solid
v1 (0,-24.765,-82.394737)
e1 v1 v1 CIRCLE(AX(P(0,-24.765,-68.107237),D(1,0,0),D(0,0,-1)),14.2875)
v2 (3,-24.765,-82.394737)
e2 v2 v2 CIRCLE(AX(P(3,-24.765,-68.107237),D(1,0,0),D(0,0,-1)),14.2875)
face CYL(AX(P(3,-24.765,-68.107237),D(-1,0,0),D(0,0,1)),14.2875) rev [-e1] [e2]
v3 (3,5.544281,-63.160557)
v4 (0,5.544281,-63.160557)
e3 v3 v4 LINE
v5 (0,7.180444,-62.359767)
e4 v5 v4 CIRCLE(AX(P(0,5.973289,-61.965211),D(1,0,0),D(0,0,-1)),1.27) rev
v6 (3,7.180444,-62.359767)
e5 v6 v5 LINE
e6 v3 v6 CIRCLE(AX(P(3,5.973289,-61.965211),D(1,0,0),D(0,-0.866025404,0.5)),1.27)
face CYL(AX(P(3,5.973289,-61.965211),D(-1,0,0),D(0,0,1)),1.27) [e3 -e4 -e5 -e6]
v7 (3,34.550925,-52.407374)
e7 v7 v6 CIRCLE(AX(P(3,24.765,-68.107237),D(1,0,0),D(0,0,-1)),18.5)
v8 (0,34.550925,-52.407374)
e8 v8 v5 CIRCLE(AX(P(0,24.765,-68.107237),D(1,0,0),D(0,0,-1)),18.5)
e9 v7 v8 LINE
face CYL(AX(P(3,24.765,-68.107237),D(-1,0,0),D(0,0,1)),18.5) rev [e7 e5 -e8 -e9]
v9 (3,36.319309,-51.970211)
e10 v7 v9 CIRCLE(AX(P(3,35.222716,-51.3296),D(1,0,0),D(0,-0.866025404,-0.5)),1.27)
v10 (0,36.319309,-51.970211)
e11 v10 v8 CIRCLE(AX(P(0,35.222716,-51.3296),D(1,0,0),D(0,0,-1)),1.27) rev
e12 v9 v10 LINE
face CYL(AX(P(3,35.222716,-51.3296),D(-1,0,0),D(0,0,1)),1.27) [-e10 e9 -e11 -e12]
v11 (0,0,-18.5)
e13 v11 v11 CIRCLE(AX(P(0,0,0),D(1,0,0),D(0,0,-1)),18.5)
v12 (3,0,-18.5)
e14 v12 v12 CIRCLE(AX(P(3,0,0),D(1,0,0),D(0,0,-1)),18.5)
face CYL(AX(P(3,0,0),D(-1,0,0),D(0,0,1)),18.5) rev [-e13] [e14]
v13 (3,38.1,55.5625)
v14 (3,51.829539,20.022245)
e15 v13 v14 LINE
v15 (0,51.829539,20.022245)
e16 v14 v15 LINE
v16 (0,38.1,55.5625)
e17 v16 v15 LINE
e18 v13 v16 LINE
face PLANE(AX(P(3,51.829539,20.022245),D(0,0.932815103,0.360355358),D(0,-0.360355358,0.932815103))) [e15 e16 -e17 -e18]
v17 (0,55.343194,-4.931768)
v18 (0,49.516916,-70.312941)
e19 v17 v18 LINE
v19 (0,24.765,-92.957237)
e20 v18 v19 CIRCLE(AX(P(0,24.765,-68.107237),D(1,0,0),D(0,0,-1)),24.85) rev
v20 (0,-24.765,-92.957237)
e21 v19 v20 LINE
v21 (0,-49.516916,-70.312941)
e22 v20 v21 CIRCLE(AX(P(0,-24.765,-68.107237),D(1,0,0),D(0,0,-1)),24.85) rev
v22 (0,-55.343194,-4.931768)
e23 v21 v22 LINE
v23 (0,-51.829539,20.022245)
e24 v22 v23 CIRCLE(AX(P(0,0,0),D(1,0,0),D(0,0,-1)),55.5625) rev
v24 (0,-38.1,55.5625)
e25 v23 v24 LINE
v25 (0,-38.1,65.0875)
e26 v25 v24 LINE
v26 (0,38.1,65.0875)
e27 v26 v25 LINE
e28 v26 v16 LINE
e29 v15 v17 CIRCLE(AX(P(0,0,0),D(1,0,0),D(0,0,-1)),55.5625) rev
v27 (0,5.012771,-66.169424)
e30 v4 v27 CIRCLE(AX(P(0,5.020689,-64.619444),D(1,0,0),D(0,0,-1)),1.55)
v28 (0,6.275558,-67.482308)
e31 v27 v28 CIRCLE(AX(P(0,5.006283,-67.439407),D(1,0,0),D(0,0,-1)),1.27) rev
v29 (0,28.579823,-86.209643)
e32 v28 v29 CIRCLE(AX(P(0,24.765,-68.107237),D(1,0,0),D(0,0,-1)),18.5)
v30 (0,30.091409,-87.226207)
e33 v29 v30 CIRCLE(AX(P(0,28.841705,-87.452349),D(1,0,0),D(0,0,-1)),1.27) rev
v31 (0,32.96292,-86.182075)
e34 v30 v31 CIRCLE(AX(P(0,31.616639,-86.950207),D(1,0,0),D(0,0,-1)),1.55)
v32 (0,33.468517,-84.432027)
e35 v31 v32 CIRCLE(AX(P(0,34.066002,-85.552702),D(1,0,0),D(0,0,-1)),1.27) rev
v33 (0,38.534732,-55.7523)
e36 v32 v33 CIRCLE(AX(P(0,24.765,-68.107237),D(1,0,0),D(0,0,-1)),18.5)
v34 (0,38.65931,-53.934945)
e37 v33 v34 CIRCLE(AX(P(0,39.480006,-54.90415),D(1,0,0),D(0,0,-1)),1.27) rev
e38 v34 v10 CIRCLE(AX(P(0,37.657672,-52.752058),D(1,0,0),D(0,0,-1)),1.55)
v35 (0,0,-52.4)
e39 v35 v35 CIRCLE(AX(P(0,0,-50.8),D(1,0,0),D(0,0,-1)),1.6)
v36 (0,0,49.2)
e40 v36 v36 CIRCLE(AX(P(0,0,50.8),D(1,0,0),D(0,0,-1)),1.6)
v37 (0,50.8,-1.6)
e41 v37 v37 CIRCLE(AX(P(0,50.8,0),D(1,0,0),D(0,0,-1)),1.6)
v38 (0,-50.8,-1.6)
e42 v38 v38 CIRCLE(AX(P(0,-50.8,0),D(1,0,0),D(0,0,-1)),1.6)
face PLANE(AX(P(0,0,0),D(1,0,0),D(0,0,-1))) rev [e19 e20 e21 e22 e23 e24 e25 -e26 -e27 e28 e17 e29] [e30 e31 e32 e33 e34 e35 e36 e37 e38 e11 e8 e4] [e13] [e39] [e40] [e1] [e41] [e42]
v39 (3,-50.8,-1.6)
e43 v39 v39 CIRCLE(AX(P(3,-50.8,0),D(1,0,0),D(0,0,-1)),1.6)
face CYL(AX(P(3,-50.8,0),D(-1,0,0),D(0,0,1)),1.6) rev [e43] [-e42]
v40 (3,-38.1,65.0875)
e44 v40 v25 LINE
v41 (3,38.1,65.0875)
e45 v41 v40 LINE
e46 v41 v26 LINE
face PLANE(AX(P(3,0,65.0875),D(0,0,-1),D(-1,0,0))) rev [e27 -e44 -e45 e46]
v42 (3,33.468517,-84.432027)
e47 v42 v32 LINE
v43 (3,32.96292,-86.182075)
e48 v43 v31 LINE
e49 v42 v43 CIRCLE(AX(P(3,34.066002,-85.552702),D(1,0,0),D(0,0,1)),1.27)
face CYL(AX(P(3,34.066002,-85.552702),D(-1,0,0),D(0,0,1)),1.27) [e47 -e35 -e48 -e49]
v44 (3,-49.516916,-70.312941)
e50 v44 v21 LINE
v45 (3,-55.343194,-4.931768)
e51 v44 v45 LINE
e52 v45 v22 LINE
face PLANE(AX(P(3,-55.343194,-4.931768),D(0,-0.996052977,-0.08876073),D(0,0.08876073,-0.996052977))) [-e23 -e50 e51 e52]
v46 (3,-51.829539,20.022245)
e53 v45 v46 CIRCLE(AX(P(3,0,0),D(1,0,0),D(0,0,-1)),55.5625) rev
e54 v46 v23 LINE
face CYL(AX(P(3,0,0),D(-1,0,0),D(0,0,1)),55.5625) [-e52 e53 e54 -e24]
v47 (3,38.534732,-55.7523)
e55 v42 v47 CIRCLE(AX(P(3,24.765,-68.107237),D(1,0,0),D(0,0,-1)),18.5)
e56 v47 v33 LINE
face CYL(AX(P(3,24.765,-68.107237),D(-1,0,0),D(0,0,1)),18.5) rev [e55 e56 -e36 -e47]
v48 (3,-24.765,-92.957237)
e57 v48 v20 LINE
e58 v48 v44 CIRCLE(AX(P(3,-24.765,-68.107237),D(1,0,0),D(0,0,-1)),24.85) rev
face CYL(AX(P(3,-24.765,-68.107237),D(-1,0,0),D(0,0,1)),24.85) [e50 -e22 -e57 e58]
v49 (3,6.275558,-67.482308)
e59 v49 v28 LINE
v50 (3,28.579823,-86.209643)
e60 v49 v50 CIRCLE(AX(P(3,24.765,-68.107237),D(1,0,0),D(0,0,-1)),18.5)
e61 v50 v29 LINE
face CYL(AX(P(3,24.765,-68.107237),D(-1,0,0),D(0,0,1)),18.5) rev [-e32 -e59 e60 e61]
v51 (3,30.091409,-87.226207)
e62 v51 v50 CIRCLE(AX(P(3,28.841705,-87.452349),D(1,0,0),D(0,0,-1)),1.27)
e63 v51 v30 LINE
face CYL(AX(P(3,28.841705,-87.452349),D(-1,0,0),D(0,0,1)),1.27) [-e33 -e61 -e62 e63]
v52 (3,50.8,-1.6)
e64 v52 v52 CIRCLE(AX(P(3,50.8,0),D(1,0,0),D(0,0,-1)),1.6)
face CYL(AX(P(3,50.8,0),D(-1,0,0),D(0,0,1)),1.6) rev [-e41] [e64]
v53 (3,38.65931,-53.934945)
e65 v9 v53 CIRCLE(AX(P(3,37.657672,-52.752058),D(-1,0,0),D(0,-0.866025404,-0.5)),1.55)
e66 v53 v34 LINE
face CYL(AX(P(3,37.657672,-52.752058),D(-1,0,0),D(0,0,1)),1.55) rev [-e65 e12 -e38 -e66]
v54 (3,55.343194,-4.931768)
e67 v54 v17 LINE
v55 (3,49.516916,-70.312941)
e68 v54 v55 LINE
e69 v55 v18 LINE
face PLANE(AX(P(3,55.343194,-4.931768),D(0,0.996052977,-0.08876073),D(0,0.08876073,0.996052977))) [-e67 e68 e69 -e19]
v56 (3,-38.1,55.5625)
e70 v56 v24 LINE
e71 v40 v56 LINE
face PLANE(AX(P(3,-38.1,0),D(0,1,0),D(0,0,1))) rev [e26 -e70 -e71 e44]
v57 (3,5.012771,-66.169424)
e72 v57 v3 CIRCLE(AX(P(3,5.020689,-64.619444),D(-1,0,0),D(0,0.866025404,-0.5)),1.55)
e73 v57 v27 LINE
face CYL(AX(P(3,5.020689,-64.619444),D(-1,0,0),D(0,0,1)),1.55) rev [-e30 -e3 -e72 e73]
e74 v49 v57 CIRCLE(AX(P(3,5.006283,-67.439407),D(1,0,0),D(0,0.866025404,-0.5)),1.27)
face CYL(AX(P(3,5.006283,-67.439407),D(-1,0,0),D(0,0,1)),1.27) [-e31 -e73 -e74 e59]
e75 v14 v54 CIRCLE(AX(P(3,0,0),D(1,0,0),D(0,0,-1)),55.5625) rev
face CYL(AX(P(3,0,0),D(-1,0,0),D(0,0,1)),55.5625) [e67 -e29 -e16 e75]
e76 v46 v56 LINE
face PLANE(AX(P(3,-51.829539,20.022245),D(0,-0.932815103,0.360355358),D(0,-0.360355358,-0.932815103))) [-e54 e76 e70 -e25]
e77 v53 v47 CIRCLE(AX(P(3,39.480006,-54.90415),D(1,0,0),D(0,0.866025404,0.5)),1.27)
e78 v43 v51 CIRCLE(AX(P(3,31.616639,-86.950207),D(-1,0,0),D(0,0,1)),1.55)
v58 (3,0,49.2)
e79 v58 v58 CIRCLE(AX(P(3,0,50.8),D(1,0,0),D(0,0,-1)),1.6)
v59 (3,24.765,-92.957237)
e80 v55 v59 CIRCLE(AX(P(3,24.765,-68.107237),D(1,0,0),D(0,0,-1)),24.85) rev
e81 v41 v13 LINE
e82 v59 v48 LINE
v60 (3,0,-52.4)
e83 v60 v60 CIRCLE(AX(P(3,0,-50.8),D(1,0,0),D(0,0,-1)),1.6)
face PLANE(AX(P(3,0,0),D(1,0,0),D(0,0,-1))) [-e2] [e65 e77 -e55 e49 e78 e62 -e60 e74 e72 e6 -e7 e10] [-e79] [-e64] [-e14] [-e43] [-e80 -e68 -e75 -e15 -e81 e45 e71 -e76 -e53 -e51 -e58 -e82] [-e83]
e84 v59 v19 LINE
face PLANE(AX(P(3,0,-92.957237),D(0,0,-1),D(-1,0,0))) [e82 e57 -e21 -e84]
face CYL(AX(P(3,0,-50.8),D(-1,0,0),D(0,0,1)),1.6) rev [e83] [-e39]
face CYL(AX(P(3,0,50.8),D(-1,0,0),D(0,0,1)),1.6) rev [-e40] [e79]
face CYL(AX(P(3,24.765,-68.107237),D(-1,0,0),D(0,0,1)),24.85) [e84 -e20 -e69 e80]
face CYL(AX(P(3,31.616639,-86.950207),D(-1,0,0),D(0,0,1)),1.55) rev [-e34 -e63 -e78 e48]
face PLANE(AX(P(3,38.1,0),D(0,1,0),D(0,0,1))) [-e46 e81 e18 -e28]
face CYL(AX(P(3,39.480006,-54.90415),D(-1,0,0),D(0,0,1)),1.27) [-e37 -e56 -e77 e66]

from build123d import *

# Parameters (mm, degrees)
SKETCH1_R           = 1.6
SKETCH1_R_2         = 18.5
SKETCH1_R_3         = 14.2875
SKETCH1_W           = 9.525
SKETCH1_H           = 76.2
BOSS_EXTRUDE1_DEPTH = 3
CUT_EXTRUDE1_DEPTH  = 109.338539954
CIRPATTERN1_COUNT   = 3


with BuildPart() as part:
    # Sketch1 → Boss-Extrude1 (new body)
    # profile 1 of 2: a face of its own
    with BuildSketch(Plane(origin=(0, 0, 0), x_dir=(0, 0, -1), z_dir=(1, 0, 0))):
        with BuildLine():
            ThreePointArc((4.931768052, -55.34319353), (-7.747067981, -55.019763212), (-20.022244586, -51.829539145))
            Line((-20.022244586, -51.829539145), (-55.5625, -38.1))
            Line((-55.5625, -38.1), (-55.5625, 38.1))
            Line((-55.5625, 38.1), (-20.022244586, 51.829539145))
            ThreePointArc((-20.022244586, 51.829539145), (-7.747067981, 55.019763212), (4.931768052, 55.34319353))
            Line((4.931768052, 55.34319353), (70.31294072, 49.516916477))
            ThreePointArc((70.31294072, 49.516916477), (86.442097474, 41.538651245), (92.957236583, 24.765))
            Line((92.957236583, 24.765), (92.957236583, -24.765))
            ThreePointArc((92.957236583, -24.765), (86.442097474, -41.538651245), (70.31294072, -49.516916477))
            Line((70.31294072, -49.516916477), (4.931768052, -55.34319353))
        make_face()
        with Locations((-50.8, 0)):
            Circle(SKETCH1_R, mode=Mode.SUBTRACT)
        with Locations((0, -50.8)):
            Circle(SKETCH1_R, mode=Mode.SUBTRACT)
        with Locations((50.8, 0)):
            Circle(SKETCH1_R, mode=Mode.SUBTRACT)
        with Locations((0, 50.8)):
            Circle(SKETCH1_R, mode=Mode.SUBTRACT)
        Circle(SKETCH1_R_2, mode=Mode.SUBTRACT)
        with Locations((68.107236583, -24.765)):
            Circle(SKETCH1_R_3, mode=Mode.SUBTRACT)
        with Locations((68.107236583, 24.765)):
            Circle(SKETCH1_R_2, mode=Mode.SUBTRACT)
    # profile 2 of 2: a face of its own
    with BuildSketch(Plane(origin=(0, 0, 0), x_dir=(0, 0, -1), z_dir=(1, 0, 0))):
        with Locations((-60.325, 0)):
            Rectangle(SKETCH1_W, SKETCH1_H)
    extrude(amount=BOSS_EXTRUDE1_DEPTH)

    # Sketch2 → Cut-Extrude1 (cut, symmetric)
    with BuildSketch(Plane.ZY):
        with BuildLine():
            ThreePointArc((-86.182075073, 32.962919695), (-88.406895893, 32.146316407), (-87.226207177, 30.09140941))
            ThreePointArc((-87.226207177, 30.09140941), (-86.398498104, 29.550435617), (-86.209643196, 28.579823038))
            ThreePointArc((-86.209643196, 28.579823038), (-85.493518863, 31.086960811), (-84.432027328, 33.46851694))
            ThreePointArc((-84.432027328, 33.46851694), (-85.200208842, 32.845899791), (-86.182075073, 32.962919695))
        make_face()
    cut_extrude1 = extrude(amount=CUT_EXTRUDE1_DEPTH, both=True, mode=Mode.SUBTRACT)

    # CirPattern1: Cut-Extrude1 ×3 about axis
    cirpattern1_axis = Axis((0, 24.765, -68.107236583), (1, 0, 0))
    for i in range(1, CIRPATTERN1_COUNT):
        add(cut_extrude1.rotate(cirpattern1_axis, i * 360 / CIRPATTERN1_COUNT), mode=Mode.SUBTRACT)


solid = part.part
